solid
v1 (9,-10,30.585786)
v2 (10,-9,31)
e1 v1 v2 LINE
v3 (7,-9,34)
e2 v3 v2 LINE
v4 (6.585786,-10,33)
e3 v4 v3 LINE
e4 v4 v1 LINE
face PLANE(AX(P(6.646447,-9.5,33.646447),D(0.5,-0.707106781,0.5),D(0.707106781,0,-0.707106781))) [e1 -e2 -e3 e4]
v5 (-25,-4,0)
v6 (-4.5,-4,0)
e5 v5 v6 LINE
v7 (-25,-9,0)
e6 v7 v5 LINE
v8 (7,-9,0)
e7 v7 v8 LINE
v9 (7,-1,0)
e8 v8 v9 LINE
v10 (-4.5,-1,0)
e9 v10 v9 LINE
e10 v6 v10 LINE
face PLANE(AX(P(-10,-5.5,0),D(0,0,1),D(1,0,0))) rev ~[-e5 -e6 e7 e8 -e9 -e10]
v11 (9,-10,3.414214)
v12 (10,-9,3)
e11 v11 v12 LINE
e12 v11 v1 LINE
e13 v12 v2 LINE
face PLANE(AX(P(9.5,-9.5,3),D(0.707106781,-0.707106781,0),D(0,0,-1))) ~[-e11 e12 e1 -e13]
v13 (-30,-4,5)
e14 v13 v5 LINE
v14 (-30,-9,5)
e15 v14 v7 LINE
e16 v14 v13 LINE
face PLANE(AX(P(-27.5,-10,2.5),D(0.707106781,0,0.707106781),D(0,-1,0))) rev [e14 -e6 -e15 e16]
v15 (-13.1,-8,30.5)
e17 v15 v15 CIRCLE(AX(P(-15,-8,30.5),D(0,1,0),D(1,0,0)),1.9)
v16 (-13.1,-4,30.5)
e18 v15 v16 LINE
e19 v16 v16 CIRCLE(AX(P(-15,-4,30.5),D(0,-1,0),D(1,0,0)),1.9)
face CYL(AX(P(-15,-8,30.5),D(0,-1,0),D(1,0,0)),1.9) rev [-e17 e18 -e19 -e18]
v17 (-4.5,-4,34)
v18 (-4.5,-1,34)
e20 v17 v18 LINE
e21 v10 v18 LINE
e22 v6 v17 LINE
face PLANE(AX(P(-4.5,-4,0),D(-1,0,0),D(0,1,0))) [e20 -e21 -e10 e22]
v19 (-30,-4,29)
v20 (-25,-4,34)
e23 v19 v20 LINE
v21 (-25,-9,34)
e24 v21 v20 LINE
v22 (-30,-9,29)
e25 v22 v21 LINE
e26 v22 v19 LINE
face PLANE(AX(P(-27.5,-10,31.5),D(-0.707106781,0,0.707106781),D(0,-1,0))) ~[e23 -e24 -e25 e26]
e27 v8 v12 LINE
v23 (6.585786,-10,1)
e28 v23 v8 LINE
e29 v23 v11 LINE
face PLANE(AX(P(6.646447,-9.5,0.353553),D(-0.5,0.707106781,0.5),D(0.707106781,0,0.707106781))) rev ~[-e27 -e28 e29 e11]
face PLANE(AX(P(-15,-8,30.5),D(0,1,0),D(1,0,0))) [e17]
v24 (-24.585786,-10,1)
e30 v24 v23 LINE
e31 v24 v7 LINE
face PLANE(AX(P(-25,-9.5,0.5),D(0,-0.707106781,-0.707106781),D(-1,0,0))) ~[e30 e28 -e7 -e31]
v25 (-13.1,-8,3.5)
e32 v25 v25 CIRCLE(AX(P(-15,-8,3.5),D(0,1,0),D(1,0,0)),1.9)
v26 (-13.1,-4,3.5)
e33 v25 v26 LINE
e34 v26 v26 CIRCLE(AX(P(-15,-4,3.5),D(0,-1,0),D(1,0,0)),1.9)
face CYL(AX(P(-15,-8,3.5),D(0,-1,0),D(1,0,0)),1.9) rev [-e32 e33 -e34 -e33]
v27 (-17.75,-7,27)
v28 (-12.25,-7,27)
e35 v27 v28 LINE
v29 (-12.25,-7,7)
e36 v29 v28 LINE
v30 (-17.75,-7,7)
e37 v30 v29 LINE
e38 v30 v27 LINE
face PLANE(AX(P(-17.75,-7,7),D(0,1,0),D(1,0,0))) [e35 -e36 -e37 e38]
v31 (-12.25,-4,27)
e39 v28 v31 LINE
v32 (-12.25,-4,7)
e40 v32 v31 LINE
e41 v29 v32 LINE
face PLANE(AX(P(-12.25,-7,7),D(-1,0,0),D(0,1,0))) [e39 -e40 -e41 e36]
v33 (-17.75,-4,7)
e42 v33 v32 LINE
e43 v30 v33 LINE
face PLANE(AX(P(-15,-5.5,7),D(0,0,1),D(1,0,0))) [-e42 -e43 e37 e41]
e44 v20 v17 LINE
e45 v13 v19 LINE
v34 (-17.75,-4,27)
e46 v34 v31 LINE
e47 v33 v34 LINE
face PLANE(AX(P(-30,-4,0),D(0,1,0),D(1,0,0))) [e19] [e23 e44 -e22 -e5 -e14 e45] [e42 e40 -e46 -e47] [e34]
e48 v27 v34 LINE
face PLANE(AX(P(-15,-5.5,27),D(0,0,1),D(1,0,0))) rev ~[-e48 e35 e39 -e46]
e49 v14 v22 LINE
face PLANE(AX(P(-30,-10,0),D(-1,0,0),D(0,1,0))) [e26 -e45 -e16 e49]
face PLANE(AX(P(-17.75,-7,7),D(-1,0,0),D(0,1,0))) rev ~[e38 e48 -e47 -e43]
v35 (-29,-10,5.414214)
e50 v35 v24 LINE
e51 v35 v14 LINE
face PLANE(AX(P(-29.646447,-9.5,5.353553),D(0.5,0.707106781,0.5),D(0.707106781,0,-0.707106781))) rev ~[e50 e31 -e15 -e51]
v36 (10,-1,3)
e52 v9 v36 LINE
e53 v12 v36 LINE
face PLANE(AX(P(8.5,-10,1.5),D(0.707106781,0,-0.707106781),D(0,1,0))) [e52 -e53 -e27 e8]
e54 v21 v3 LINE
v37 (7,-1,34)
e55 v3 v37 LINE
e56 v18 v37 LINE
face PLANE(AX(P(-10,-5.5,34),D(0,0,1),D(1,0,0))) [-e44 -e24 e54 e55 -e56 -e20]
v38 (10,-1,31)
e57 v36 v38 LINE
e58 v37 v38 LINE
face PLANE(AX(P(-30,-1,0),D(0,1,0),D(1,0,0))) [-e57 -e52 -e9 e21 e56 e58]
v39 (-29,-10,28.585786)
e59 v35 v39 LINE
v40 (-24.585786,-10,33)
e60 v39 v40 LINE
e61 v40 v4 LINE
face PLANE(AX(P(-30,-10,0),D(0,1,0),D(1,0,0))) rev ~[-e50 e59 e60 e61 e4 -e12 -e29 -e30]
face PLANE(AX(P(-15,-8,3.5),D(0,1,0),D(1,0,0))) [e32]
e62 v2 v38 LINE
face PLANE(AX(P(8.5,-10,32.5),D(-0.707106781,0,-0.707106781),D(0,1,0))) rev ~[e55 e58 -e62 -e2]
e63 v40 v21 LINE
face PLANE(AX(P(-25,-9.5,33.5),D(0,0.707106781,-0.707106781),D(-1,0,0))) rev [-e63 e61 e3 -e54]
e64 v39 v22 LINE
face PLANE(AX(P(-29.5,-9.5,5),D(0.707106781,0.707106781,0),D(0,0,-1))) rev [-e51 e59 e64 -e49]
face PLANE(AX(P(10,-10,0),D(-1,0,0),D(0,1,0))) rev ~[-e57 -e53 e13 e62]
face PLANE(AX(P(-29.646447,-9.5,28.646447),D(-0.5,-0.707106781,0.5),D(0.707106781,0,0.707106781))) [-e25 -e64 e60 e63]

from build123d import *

# Parameters (mm, degrees)
CYLINDER016013_R                  = 1.9
CYLINDER016013_DEPTH              = 10
CYLINDER016014_R                  = 1.9
CYLINDER016014_DEPTH              = 10
BOX018_W                          = 5.5
BOX018_H                          = 3
BOX018_DEPTH                      = 20
BOX016_W                          = 25.5
BOX016_H                          = 3
BOX016_DEPTH                      = 34
BOX017_W                          = 40
BOX017_H                          = 9
BOX017_DEPTH                      = 34
CHAMFER016016008004017002011_SIZE = 5
CHAMFER016016008004017002012_SIZE = 3
CHAMFER016016008004017002013_SIZE = 1


with BuildPart() as cylinder029:
    # Cylinder016013 → Cylinder016013 (new body)
    with BuildSketch(Plane(origin=(-15, 0, 3.5), x_dir=(1, 0, 0), z_dir=(0, 1, 0))):
        Circle(CYLINDER016013_R)
    extrude(amount=CYLINDER016013_DEPTH)


with BuildPart() as fusion018002:
    # Cylinder016014 → Cylinder016014 (new body)
    with BuildSketch(Plane(origin=(-15, 0, 30.5), x_dir=(1, 0, 0), z_dir=(0, 1, 0))):
        Circle(CYLINDER016014_R)
    extrude(amount=CYLINDER016014_DEPTH)

    # Fusion018002: union Cylinder029
    add(cylinder029.part)


with BuildPart() as fusion018002_1:
    # Fusion018002 placement: moved
    add(fusion018002.part.moved(Location((0, -8, 0))))


with BuildPart() as cube018:
    # Box018 → Box018 (new body)
    with BuildSketch(Plane(origin=(-17.75, -7, 7), x_dir=(1, 0, 0), z_dir=(0, 0, 1))):
        with Locations((2.75, 1.5)):
            Rectangle(BOX018_W, BOX018_H)
    extrude(amount=BOX018_DEPTH)


with BuildPart() as cube016:
    # Box016 → Box016 (new body)
    with BuildSketch(Plane(origin=(-30, -4, 0), x_dir=(1, 0, 0), z_dir=(0, 0, 1))):
        with Locations((12.75, 1.5)):
            Rectangle(BOX016_W, BOX016_H)
    extrude(amount=BOX016_DEPTH)


with BuildPart() as door_hanlde_sm_mag:
    # Box017 → Box017 (new body)
    with BuildSketch(Plane(origin=(-30, -10, 0), x_dir=(1, 0, 0), z_dir=(0, 0, 1))):
        with Locations((20, 4.5)):
            Rectangle(BOX017_W, BOX017_H)
    extrude(amount=BOX017_DEPTH)

    # Cut010011008003: cut Cube016
    add(cube016.part, mode=Mode.SUBTRACT)

    # Cut010011008009003016015: cut Cube018
    add(cube018.part, mode=Mode.SUBTRACT)

    # Cut010011008009003016016: cut Fusion018002
    add(fusion018002_1.part, mode=Mode.SUBTRACT)

    # Chamfer016016008004017002011
    chamfer016016008004017002011_edges = [door_hanlde_sm_mag.edges().sort_by_distance(p)[0] for p in [
        (-30, -7, 34),
        (-30, -7, 0),
    ]]
    chamfer(chamfer016016008004017002011_edges, length=CHAMFER016016008004017002011_SIZE)

    # Chamfer016016008004017002012
    chamfer016016008004017002012_edges = [door_hanlde_sm_mag.edges().sort_by_distance(p)[0] for p in [
        (10, -5.5, 0),
        (10, -5.5, 34),
    ]]
    chamfer(chamfer016016008004017002012_edges, length=CHAMFER016016008004017002012_SIZE)

    # Chamfer016016008004017002013
    chamfer016016008004017002013_edges = [door_hanlde_sm_mag.edges().sort_by_distance(p)[0] for p in [
        (-9, -10, 0),
        (-27.5, -10, 2.5),
        (-30, -10, 17),
        (-27.5, -10, 31.5),
        (-9, -10, 34),
        (8.5, -10, 32.5),
        (10, -10, 17),
        (8.5, -10, 1.5),
    ]]
    chamfer(chamfer016016008004017002013_edges, length=CHAMFER016016008004017002013_SIZE)


solid = door_hanlde_sm_mag.part
